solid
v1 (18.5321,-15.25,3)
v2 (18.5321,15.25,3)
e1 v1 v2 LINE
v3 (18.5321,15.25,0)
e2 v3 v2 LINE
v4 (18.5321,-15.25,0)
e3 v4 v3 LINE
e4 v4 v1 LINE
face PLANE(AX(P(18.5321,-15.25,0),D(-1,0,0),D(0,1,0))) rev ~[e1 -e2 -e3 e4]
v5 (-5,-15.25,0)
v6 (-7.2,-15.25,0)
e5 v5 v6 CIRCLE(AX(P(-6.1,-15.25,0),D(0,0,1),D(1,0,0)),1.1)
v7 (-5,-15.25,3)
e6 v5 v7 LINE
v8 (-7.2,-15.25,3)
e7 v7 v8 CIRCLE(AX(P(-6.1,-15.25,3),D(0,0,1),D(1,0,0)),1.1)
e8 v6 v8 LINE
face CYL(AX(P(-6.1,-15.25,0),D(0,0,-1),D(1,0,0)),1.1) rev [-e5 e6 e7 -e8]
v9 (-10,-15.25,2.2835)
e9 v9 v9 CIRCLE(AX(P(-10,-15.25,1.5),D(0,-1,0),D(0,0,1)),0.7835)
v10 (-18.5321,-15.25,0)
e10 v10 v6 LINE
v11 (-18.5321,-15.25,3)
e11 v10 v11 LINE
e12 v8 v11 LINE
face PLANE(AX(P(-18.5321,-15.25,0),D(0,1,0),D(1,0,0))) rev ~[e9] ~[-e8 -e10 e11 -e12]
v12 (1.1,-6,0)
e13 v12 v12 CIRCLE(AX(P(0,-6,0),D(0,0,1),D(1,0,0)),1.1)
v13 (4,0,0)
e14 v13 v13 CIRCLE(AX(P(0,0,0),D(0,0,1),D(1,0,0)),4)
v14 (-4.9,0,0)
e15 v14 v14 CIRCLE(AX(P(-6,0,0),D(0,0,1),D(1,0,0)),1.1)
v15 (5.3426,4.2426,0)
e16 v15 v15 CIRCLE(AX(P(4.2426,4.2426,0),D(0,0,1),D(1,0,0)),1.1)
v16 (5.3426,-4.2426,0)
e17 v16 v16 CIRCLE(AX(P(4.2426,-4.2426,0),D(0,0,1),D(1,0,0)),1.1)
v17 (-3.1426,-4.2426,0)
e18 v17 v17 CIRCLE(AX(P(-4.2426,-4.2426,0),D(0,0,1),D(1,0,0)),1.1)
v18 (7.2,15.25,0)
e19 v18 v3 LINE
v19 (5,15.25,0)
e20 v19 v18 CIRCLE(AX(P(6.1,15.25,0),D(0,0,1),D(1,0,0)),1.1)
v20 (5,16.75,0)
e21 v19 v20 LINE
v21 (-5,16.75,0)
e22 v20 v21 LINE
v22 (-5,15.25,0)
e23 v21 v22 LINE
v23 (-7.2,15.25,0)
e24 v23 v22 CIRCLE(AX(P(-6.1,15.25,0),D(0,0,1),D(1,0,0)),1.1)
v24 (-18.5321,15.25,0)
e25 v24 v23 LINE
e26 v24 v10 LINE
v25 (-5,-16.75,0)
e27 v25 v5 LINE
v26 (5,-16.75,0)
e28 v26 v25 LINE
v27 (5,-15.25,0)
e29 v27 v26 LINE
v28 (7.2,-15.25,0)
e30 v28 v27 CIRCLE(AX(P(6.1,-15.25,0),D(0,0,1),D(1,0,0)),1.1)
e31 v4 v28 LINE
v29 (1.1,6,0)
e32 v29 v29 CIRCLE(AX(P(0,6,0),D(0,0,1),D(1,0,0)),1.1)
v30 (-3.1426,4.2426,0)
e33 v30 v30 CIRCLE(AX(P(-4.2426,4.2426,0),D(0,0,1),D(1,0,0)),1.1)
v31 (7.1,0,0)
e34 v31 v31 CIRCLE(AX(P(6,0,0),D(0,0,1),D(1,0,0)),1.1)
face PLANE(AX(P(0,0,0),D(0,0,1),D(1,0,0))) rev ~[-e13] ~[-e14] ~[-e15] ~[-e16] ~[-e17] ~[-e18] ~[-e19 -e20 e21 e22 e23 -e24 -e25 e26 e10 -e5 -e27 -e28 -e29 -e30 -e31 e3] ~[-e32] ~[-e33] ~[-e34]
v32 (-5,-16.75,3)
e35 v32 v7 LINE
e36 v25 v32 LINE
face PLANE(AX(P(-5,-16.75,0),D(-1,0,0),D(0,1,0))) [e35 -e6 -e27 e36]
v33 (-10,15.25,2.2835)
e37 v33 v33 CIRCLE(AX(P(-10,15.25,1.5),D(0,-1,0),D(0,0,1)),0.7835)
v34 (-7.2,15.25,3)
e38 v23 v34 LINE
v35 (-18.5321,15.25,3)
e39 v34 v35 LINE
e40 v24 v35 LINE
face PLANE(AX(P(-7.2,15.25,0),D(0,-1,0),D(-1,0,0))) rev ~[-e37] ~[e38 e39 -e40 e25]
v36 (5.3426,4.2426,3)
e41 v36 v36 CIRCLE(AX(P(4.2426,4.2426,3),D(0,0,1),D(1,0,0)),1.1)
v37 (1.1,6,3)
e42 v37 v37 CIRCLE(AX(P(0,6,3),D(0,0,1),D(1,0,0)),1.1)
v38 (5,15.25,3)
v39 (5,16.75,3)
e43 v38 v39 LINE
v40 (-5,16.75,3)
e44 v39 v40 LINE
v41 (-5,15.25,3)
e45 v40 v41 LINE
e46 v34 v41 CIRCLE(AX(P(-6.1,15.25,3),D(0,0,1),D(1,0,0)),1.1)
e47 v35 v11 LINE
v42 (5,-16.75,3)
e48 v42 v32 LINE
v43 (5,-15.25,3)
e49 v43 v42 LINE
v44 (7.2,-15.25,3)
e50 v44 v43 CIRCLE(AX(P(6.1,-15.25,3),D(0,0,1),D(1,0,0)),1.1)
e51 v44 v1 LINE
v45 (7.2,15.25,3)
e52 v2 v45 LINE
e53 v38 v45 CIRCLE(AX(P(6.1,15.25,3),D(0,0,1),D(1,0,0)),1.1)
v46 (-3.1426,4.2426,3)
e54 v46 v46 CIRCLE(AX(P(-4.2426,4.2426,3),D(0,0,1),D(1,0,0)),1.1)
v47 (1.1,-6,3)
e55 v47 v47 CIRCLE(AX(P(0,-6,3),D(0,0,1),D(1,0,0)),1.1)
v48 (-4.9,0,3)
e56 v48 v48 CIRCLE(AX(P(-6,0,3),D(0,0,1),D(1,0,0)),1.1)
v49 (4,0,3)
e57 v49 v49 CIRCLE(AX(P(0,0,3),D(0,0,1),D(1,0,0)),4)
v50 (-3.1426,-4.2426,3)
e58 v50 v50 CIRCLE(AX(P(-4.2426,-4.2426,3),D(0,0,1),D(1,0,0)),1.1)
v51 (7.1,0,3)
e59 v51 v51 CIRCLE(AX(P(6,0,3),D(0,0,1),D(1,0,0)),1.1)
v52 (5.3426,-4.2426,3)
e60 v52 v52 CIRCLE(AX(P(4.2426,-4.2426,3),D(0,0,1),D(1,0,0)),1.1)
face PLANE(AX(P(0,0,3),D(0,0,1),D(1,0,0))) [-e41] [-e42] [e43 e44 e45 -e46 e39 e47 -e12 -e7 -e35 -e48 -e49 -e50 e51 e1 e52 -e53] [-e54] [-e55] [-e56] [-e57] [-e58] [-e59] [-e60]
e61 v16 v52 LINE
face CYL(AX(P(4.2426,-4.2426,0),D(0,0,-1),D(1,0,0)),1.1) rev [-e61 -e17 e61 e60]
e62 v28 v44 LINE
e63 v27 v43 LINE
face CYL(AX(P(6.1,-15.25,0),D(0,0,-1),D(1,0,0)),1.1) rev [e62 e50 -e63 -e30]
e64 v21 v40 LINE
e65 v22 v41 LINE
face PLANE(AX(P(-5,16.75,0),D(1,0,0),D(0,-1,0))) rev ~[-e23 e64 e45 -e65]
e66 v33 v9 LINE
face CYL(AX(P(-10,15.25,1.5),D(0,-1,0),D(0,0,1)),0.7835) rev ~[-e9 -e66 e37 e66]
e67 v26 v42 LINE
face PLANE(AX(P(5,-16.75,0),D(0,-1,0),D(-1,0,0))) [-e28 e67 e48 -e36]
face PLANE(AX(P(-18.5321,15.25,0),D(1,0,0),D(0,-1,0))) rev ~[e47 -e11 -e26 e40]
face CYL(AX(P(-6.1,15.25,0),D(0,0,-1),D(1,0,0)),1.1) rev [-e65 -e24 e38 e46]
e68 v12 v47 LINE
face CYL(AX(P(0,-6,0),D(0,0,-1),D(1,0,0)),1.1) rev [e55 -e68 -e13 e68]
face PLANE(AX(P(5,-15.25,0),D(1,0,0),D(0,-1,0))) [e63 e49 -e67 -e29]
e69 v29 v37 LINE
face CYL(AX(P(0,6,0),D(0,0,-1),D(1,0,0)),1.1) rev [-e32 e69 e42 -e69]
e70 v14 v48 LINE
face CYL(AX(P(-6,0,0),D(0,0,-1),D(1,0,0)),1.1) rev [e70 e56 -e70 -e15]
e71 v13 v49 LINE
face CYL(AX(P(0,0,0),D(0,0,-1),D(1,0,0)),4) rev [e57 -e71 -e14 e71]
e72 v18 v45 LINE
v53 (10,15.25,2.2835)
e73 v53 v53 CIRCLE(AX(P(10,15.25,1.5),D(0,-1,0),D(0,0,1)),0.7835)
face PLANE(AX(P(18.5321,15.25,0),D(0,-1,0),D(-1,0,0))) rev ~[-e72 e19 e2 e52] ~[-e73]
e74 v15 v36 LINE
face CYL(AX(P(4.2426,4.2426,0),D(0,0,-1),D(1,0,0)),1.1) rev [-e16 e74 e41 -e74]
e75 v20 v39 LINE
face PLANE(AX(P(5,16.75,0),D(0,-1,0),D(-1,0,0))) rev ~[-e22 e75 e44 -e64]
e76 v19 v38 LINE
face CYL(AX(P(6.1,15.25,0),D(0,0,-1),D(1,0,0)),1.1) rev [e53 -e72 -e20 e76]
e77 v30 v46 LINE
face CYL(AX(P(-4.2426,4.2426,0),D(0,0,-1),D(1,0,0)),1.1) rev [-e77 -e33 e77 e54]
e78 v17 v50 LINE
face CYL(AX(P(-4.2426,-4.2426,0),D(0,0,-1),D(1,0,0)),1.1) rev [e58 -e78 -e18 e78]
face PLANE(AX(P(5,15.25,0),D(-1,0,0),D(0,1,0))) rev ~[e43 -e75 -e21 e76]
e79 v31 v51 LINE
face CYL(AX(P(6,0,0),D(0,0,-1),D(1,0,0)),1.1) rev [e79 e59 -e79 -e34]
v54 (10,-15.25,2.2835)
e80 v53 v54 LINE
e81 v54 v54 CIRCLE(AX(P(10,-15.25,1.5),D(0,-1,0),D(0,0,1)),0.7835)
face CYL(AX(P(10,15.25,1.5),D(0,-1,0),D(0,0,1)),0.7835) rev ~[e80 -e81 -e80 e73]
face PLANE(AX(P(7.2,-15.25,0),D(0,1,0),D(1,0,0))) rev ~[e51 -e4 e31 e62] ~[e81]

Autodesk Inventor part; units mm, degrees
ref_plane "YZ Plane" through (0, 0, 0) normal (1, 0, 0) x (0, 1, 0)
ref_plane "XZ Plane" through (0, 0, 0) normal (0, 1, 0) x (-1, 0, 0)
ref_plane "XY Plane" through (0, 0, 0) normal (0, 0, 1) x (1, 0, 0)
sketch "スケッチ1" plane through (0, 0, 0) normal (0, 0, 1) x (1, 0, 0)
  circle A0 centre (0, 0) radius 4
  circle A1 centre (0, 0) radius 6 construction
  circle A2 centre (0, 6) radius 1.1
  circle A3 centre (-4.2426, 4.2426) radius 1.1
  circle A4 centre (-6, 0) radius 1.1
  circle A5 centre (-4.2426, -4.2426) radius 1.1
  circle A6 centre (0, -6) radius 1.1
  circle A7 centre (4.2426, -4.2426) radius 1.1
  circle A8 centre (6, 0) radius 1.1
  circle A9 centre (4.2426, 4.2426) radius 1.1
  line L0 (-18.5321, -15.25) -> (18.5321, -15.25)
  line L1 (18.5321, -15.25) -> (18.5321, 15.25)
  line L2 (18.5321, 15.25) -> (-18.5321, 15.25)
  line L3 (-18.5321, 15.25) -> (-18.5321, -15.25)
  line L4 (-18.5321, -15.25) -> (18.5321, 15.25) construction
  line L5 (18.5321, -15.25) -> (-18.5321, 15.25) construction
  circle A10 centre (0, 0) radius 24
  line L6 (18.5321, 0) -> (-18.5321, 0) construction
  line L7 (0, 18.25) -> (0, 0) construction
  line L8 (-5, 15.25) -> (5, 15.25)
  line L9 (5, 15.25) -> (5, 16.75)
  line L10 (5, 16.75) -> (-5, 16.75)
  line L11 (-5, 16.75) -> (-5, 15.25)
  circle A11 centre (-6.1, 15.25) radius 1.1
  circle A12 centre (6.1, 15.25) radius 1.1
  line L12 (-5, -15.25) -> (5, -15.25)
  line L13 (5, -15.25) -> (5, -16.75)
  line L14 (5, -16.75) -> (-5, -16.75)
  line L15 (-5, -16.75) -> (-5, -15.25)
  circle A13 centre (-6.1, -15.25) radius 1.1
  circle A14 centre (6.1, -15.25) radius 1.1
  point P0 (0, 16.75)
  point P1 (0, -18.25)
  point P2 (0, -16.75)
  point P3 (7.2, 15.25)
  point P4 (-7.2, 15.25)
  point P5 (7.2, -15.25)
  point P6 (-7.2, -15.25)
  dimension "d1" = 12
  dimension "d11" = 48
  dimension "d23" = 2.2
  dimension "d24" = 2.2
  dimension "d0" = 8
  dimension "d2" = 2.2
  dimension "d5" = 360
  dimension "d20" = 30.5
  dimension "d21" = 1.5
  dimension "d22" = 10
extrude "押し出し1" add sketch "スケッチ1" along normal blind 3 contours A13 L0 L3 L2 A11 A12 L1 A14 | L0 L13 L14 L15 | L0 A13 | A14 L0 | L2 A11 | A12 L2 | L11 L10 L9 L2 picked at (-6.0558, -14.886) picked at (6.1442, -14.886) picked at (-6.1442, 14.886) picked at (6.0558, 14.886)
extrude "押し出し2" cut sketch "スケッチ1" along normal blind 3 contours L0 A13 | A14 L0 | L2 A11 | A12 L2 picked at (-6.0558, -14.886) picked at (6.1442, -14.886) picked at (-6.1442, 14.886) picked at (6.0558, 14.886)
sketch "スケッチ2" plane through (18.5321, 15.25, 3) normal (0, 1, 0) x (1, 0, 0)
  line L0 (-13.5321, 3) -> (-13.5321, 0) projected
  line L1 (-23.5321, 3) -> (-23.5321, 0) projected
  point P0 (-18.5321, 3)
  point P1 (-8.5321, 1.5)
  point P2 (-28.5321, 1.5)
  point P3 (-13.5321, 1.5)
  point P4 (-23.5321, 1.5)
  dimension "d27" = 5
  dimension "d28" = 5
hole "穴1" at (10, 15.25, 1.5) at (-10, 15.25, 1.5) direction (0, -1, 0) diameter 1.567 end through all thread size "M2x0.4" class "6H" standard "ISO Metric profile"
equation "\"d28\" = d27"
properties part number "kosi_sita"
